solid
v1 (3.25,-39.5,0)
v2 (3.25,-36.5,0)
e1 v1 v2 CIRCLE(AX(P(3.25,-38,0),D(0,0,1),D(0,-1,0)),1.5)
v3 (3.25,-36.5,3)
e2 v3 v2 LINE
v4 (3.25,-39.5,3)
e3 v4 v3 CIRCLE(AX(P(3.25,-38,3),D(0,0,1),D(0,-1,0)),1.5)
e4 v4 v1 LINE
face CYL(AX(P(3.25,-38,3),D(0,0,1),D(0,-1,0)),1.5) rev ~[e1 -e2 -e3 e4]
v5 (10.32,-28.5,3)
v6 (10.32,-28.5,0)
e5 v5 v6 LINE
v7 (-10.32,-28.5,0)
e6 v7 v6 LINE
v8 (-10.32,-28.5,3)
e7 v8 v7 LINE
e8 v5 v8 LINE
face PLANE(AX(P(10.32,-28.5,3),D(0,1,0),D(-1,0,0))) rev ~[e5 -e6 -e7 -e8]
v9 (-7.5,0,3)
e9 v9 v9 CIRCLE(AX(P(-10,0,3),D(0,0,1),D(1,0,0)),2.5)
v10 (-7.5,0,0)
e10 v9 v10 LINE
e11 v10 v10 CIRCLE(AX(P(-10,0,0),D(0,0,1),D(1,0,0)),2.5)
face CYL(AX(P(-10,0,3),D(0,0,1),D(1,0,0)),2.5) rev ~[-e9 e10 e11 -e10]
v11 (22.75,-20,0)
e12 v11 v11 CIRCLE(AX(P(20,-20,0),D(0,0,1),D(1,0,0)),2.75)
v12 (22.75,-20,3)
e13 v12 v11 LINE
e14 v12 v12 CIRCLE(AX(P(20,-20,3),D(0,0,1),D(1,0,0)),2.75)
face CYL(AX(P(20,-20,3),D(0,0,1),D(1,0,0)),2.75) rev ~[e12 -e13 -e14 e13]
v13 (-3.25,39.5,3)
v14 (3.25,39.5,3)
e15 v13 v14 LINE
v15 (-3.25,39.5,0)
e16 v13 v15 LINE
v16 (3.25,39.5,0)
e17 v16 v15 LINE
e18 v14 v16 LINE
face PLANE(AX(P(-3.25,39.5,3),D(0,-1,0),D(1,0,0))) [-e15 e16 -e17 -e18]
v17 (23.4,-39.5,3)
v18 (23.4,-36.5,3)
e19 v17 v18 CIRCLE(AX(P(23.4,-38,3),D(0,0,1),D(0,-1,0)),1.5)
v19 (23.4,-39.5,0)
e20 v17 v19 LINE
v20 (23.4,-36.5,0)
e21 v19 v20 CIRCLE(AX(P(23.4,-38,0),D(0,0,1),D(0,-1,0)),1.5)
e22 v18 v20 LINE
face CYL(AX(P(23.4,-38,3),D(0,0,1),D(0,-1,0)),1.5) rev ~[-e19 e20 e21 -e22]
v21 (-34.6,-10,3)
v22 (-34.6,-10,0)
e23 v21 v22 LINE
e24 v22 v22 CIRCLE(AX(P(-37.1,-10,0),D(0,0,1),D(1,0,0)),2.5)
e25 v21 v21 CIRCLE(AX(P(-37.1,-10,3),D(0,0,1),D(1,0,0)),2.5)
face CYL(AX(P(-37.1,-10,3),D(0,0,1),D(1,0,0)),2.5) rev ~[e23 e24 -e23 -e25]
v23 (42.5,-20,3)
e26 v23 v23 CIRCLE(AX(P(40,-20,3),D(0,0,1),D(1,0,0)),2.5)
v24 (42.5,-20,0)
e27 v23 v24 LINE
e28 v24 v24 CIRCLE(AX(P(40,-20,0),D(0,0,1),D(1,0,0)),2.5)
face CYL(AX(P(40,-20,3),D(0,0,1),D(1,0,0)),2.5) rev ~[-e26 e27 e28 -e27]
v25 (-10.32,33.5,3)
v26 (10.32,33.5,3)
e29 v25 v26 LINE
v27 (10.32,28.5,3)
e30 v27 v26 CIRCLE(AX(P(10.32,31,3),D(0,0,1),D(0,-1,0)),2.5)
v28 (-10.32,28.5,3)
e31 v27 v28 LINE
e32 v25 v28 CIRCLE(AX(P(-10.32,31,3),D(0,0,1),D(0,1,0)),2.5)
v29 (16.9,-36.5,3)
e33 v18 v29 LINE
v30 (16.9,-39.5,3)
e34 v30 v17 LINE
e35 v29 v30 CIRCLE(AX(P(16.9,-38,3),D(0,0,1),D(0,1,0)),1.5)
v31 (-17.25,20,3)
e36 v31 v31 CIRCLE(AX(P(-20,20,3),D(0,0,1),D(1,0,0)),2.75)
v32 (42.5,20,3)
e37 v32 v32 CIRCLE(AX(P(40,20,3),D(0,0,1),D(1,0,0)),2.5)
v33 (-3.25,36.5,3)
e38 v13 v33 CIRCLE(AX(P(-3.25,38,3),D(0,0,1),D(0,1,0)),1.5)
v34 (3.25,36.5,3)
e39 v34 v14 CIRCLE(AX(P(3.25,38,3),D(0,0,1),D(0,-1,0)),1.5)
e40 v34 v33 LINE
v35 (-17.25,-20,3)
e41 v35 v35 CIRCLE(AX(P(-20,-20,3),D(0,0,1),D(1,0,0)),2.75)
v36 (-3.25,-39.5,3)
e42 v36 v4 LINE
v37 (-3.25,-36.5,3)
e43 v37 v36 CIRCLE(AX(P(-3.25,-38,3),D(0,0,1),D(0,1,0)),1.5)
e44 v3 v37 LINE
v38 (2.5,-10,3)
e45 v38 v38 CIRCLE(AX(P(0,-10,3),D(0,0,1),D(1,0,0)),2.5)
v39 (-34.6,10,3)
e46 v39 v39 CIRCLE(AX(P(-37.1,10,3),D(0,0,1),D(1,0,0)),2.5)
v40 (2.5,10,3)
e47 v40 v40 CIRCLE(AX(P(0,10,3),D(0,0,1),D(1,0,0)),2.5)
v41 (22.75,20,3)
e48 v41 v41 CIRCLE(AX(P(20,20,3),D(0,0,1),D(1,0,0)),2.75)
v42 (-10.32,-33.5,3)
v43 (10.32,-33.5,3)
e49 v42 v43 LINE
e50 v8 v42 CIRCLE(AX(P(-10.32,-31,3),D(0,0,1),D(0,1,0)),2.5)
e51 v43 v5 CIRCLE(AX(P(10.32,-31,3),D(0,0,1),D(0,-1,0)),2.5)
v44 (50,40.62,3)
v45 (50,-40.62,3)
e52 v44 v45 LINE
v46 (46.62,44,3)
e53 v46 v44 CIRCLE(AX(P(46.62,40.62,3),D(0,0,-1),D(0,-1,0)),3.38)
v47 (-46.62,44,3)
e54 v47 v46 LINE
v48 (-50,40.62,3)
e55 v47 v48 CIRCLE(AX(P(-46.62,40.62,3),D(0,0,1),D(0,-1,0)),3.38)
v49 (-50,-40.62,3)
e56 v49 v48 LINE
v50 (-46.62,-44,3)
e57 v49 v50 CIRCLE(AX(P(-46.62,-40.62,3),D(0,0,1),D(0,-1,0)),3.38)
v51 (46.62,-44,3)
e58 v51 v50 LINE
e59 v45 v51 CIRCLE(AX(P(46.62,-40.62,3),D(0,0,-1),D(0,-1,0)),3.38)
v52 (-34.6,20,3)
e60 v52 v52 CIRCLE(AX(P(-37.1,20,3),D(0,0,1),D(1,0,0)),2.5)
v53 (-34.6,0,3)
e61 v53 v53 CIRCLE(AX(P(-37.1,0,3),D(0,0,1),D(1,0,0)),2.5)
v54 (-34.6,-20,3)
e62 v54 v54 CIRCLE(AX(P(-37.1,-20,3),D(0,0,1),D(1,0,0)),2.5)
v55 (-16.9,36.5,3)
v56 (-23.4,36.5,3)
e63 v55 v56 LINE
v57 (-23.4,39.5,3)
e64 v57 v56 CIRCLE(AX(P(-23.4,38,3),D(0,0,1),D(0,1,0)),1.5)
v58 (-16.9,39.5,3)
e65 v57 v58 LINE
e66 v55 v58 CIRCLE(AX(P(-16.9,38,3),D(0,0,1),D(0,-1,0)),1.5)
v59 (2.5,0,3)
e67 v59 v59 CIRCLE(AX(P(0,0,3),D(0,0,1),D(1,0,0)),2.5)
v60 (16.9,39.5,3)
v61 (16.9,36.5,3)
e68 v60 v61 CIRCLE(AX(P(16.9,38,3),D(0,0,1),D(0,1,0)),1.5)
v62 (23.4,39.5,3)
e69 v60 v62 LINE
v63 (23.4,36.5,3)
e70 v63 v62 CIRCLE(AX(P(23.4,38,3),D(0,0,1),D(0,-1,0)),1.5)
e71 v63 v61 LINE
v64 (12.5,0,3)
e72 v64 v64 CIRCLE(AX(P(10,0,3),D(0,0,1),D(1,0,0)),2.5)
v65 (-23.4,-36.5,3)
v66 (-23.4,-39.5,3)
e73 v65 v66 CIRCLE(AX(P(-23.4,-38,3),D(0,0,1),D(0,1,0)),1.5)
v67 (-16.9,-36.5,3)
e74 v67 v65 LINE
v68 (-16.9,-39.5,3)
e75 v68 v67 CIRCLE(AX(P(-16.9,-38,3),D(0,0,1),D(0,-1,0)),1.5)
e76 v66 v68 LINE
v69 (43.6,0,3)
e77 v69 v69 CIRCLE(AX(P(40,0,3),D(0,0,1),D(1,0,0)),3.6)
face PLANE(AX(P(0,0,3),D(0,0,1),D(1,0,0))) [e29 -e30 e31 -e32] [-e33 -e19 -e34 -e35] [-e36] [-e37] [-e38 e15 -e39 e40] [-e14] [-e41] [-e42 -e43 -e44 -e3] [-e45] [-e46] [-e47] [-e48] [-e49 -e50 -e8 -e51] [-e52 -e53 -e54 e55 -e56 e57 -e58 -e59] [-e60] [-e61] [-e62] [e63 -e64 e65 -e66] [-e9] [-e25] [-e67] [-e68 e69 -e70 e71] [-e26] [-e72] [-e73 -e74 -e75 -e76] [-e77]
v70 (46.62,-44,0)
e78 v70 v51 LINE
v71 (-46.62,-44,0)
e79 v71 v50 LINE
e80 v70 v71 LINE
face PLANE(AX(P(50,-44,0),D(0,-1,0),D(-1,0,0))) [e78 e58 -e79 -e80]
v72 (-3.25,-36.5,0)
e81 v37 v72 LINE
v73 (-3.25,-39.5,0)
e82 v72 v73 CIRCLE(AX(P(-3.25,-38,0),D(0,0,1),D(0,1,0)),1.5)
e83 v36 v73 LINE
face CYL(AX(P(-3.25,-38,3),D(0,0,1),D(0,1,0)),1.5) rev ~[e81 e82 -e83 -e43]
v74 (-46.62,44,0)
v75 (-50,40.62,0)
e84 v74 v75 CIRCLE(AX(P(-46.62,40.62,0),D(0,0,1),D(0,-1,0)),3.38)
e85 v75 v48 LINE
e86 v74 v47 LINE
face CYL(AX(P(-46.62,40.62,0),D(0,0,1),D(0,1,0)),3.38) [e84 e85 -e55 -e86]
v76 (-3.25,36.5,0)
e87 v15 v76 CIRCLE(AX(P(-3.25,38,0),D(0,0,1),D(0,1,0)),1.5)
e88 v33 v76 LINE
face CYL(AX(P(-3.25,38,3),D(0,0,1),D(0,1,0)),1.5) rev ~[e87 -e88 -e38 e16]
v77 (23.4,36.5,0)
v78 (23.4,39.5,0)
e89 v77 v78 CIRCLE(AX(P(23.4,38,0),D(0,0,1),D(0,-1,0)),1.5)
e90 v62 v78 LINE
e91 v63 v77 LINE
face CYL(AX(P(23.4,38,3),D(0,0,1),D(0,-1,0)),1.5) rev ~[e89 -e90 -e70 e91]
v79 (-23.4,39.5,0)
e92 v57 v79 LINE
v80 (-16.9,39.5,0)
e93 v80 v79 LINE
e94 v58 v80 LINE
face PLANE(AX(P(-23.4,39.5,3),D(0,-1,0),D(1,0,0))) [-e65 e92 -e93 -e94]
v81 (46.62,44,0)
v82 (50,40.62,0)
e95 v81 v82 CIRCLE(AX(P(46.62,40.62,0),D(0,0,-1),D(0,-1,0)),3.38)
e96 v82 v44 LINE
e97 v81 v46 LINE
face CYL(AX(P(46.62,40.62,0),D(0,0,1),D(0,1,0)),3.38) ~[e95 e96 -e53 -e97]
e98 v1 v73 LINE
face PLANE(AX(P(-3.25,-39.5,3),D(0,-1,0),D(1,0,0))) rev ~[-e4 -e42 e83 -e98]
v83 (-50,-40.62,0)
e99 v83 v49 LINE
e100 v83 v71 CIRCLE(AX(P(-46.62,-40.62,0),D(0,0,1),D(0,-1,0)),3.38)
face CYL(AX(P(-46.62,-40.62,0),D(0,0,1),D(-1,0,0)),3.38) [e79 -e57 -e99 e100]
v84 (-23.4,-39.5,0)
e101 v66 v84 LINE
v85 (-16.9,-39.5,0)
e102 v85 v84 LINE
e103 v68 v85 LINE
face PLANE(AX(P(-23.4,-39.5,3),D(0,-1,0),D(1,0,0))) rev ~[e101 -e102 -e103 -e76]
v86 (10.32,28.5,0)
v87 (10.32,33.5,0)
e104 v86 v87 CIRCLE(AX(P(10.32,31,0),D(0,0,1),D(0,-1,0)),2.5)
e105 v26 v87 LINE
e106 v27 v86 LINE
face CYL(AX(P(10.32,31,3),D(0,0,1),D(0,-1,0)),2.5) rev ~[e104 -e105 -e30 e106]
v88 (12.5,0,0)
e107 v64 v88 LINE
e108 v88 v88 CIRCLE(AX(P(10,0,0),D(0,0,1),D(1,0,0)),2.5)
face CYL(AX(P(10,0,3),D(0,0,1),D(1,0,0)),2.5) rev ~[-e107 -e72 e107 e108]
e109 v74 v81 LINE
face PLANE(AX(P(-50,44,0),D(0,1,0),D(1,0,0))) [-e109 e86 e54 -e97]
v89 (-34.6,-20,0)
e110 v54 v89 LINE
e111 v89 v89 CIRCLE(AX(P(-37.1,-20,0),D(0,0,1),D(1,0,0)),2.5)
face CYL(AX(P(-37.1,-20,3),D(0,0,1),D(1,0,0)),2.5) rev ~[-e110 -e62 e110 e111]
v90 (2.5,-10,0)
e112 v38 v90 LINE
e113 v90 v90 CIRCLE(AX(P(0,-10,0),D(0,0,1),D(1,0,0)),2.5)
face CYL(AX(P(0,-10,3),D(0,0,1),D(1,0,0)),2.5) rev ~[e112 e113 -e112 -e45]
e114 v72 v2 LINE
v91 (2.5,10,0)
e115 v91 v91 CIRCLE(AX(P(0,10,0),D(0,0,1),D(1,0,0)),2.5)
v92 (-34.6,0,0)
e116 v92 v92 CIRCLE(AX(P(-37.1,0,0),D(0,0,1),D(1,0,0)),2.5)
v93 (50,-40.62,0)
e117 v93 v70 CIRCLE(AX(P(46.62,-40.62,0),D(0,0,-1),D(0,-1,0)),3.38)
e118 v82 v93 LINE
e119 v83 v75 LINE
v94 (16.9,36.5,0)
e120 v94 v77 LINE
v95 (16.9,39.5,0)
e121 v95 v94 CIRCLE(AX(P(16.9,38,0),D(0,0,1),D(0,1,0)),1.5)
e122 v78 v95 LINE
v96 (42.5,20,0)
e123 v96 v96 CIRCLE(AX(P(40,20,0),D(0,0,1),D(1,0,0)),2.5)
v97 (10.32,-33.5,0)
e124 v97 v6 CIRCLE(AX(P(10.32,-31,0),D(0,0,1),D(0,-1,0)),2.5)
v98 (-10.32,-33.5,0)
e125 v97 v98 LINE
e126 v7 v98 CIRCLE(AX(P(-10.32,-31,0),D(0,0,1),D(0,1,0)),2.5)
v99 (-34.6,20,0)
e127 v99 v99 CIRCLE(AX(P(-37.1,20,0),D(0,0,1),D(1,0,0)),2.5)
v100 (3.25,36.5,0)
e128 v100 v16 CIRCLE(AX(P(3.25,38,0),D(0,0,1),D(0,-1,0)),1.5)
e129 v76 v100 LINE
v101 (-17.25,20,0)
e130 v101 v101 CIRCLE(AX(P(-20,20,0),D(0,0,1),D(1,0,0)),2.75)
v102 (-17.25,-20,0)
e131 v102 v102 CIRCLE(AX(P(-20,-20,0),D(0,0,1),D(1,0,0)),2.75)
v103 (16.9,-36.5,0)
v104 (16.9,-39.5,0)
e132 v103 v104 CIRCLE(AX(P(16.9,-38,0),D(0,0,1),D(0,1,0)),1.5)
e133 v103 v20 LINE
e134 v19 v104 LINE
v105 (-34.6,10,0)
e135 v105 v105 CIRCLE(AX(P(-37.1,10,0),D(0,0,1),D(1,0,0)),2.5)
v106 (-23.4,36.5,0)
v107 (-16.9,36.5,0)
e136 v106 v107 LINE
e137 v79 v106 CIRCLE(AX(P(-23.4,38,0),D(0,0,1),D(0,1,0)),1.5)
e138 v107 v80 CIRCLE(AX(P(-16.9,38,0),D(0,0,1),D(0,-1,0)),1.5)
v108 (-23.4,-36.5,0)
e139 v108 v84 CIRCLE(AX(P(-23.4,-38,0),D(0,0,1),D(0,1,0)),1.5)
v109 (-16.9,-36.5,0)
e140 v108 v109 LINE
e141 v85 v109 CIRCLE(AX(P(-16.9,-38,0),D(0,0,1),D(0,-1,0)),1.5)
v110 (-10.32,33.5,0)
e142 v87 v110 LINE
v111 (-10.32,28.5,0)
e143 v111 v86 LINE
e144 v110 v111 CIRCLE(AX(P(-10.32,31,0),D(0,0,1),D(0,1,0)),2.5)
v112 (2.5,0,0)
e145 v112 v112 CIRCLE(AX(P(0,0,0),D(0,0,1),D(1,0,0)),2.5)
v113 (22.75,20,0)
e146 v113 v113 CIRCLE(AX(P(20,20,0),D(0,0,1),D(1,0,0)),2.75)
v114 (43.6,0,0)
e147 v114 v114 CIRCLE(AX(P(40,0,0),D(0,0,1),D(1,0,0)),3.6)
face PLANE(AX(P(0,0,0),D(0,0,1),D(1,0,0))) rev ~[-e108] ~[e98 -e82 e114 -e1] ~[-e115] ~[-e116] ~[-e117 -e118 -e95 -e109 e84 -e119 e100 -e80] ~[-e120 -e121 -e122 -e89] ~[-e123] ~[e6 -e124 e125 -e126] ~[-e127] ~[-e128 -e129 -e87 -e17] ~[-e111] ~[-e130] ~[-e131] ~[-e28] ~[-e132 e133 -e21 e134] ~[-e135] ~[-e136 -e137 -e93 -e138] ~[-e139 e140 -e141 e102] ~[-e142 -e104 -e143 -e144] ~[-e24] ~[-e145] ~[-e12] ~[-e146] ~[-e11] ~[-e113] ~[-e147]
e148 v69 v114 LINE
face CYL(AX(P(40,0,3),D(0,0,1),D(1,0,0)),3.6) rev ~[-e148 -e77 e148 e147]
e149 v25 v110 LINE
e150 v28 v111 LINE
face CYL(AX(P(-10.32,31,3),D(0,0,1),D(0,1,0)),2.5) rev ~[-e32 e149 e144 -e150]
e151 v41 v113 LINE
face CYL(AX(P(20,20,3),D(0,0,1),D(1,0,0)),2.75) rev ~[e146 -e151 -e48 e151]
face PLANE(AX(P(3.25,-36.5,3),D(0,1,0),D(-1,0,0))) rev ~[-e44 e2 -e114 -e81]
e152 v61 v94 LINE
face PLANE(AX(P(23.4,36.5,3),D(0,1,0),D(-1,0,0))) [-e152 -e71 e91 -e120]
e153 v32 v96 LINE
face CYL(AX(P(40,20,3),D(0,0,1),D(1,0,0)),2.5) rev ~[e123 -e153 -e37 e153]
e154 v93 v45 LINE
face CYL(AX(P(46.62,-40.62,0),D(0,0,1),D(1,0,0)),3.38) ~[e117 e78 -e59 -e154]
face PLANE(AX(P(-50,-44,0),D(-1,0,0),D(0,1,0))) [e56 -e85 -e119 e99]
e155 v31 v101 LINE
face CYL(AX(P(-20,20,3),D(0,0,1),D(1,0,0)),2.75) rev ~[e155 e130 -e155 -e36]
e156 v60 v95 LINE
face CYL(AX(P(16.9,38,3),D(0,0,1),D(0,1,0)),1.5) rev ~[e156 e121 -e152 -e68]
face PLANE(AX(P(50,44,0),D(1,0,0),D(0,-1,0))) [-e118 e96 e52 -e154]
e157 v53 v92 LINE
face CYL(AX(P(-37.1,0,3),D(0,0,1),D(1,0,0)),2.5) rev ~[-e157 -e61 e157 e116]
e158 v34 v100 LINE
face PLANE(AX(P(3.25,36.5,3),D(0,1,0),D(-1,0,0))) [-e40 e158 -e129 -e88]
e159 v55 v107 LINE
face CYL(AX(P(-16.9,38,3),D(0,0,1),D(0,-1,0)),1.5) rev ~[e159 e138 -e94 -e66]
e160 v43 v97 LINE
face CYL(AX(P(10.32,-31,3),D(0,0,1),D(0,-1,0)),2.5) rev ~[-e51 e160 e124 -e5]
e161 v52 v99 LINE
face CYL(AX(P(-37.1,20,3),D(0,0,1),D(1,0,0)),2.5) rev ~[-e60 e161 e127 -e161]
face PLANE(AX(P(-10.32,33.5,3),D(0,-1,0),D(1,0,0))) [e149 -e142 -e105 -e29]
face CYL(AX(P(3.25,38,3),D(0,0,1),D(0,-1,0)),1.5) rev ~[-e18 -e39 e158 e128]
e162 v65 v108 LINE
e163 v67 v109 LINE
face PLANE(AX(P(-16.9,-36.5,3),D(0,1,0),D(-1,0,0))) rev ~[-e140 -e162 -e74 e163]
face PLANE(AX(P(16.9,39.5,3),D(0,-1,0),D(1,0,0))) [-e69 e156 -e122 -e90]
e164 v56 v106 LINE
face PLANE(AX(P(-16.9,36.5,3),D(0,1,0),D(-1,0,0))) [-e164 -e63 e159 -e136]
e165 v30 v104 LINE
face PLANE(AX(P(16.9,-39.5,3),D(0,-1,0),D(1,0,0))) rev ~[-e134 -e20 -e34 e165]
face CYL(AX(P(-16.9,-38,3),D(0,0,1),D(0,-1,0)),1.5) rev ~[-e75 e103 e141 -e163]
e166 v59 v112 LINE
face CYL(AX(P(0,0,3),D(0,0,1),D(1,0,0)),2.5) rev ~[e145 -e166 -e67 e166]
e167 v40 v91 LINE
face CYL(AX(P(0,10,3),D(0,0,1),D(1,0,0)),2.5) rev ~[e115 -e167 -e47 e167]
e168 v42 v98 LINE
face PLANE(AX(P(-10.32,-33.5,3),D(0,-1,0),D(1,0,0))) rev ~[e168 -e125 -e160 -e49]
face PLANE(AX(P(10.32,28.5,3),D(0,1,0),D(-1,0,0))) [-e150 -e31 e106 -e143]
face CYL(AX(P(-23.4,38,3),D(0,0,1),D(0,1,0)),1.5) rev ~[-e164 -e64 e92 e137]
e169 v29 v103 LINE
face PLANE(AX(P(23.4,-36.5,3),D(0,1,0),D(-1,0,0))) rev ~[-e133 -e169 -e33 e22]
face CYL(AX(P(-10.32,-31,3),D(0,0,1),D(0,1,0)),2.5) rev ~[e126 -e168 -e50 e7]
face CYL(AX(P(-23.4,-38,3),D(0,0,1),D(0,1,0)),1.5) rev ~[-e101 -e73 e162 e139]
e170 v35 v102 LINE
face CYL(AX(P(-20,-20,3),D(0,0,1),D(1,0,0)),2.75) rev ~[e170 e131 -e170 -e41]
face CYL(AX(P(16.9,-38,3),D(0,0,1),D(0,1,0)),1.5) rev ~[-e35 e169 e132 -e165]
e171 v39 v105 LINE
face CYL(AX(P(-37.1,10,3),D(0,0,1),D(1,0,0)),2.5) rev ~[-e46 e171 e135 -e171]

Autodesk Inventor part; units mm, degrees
ref_plane "YZ Plane" through (0, 0, 0) normal (1, 0, 0) x (0, 1, 0)
ref_plane "XZ Plane" through (0, 0, 0) normal (0, 1, 0) x (-1, 0, 0)
ref_plane "XY Plane" through (0, 0, 0) normal (0, 0, 1) x (1, 0, 0)
sketch "Sketch1" plane through (0, 0, 0) normal (0, 0, 1) x (1, 0, 0)
  line L0 (-50, 44) -> (50, 44)
  line L1 (50, 44) -> (50, -44)
  line L2 (50, -44) -> (-50, -44)
  line L3 (-50, -44) -> (-50, 44)
  line L4 (0, 44) -> (0, -44) construction
  line L5 (-50, 0) -> (50, 0) construction
  point P0 (0, 0)
  dimension "d0" = 100
  dimension "d1" = 88
extrude "Extrusion1" add sketch "Sketch1" along normal blind 3
sketch "Sketch2" plane through (0, 0, 3) normal (0, 0, 1) x (1, 0, 0)
  line L0 (-50, 44) -> (-50, -44) projected
  line L1 (50, -44) -> (50, 44) projected
  circle A0 centre (0, 0) radius 2.5
  circle A1 centre (0, 10) radius 2.5
  line L2 (0, 0) -> (0, 20.5611) construction
  circle A2 centre (-10, 0) radius 2.5
  circle A3 centre (0, -10) radius 2.5
  circle A4 centre (10, 0) radius 2.5
  circle A5 centre (-37.1, 0) radius 2.5
  circle A6 centre (-37.1, -10) radius 2.5
  circle A7 centre (-37.1, -20) radius 2.5
  circle A8 centre (-37.1, 10) radius 2.5
  circle A9 centre (-37.1, 0) radius 2.5
  circle A10 centre (-37.1, -10) radius 2.5
  circle A11 centre (-37.1, 20) radius 2.5
  circle A12 centre (-37.1, 10) radius 2.5
  circle A13 centre (-37.1, 0) radius 2.5
  line L3 (0, 0) -> (-50, 0) construction
  circle A14 centre (40, 0) radius 3.6 construction
  circle A15 centre (40, 20) radius 3.6 construction
  circle A16 centre (40, -20) radius 3.6 construction
  circle A17 centre (40, 0) radius 3.6 construction
  circle A18 centre (40, 0) radius 3.6
  line L4 (40, 0) -> (40, 20) construction
  line L5 (40, 0) -> (40, -20) construction
  circle A19 centre (40, 20) radius 2.5
  circle A20 centre (40, -20) radius 2.5
  dimension "d40" = 6.5
  dimension "d4" = 5
  dimension "d5" = 5
  dimension "d6" = 10
  dimension "d9" = 360
  dimension "d11" = 5
  dimension "d12" = 12.9
  dimension "d15" = 10
  dimension "d18" = 10
  dimension "d28" = 20
  dimension "d31" = 20
  dimension "d64" = 7.2
  dimension "d65" = 5
  dimension "d66" = 5
extrude "Extrusion2" cut sketch "Sketch2" against normal up to next
sketch "Sketch3" plane through (0, 0, 3) normal (0, 0, 1) x (1, 0, 0)
  circle A0 centre (0, 0) radius 2.5 projected
  line L0 (50, 44) -> (-50, 44) projected
  line L1 (-50, -44) -> (50, -44) projected
  line L2 (0, 0) -> (0, -39.6664) construction
  line L3 (0, 0) -> (-44.4767, 0) construction
  line L4 (-3.25, -38) -> (3.25, -38) construction
  line L5 (-3.25, -39.5) -> (3.25, -39.5)
  line L6 (3.25, -36.5) -> (-3.25, -36.5)
  arc A1 (-3.25, -36.5) -> (-3.25, -39.5) centre (-3.25, -38) ccw
  arc A2 (3.25, -39.5) -> (3.25, -36.5) centre (3.25, -38) ccw
  line L7 (16.9, -38) -> (23.4, -38) construction
  line L8 (16.9, -39.5) -> (23.4, -39.5)
  line L9 (23.4, -36.5) -> (16.9, -36.5)
  arc A3 (16.9, -36.5) -> (16.9, -39.5) centre (16.9, -38) ccw
  arc A4 (23.4, -39.5) -> (23.4, -36.5) centre (23.4, -38) ccw
  line L10 (-23.4, -38) -> (-16.9, -38) construction
  line L11 (-23.4, -39.5) -> (-16.9, -39.5)
  line L12 (-16.9, -36.5) -> (-23.4, -36.5)
  arc A5 (-23.4, -36.5) -> (-23.4, -39.5) centre (-23.4, -38) ccw
  arc A6 (-16.9, -39.5) -> (-16.9, -36.5) centre (-16.9, -38) ccw
  line L13 (-3.25, -38) -> (3.25, -38) construction
  line L14 (-3.25, -39.5) -> (3.25, -39.5)
  line L15 (3.25, -36.5) -> (-3.25, -36.5)
  arc A7 (-3.25, -36.5) -> (-3.25, -39.5) centre (-3.25, -38) ccw
  arc A8 (3.25, -39.5) -> (3.25, -36.5) centre (3.25, -38) ccw
  line L16 (-3.25, 38) -> (3.25, 38) construction
  line L17 (-3.25, 39.5) -> (3.25, 39.5)
  line L18 (3.25, 36.5) -> (-3.25, 36.5)
  arc A9 (-3.25, 39.5) -> (-3.25, 36.5) centre (-3.25, 38) ccw
  arc A10 (3.25, 36.5) -> (3.25, 39.5) centre (3.25, 38) ccw
  arc A11 (16.9, 39.5) -> (16.9, 36.5) centre (16.9, 38) ccw
  line L19 (23.4, 36.5) -> (16.9, 36.5)
  line L20 (16.9, 38) -> (23.4, 38) construction
  line L21 (16.9, 39.5) -> (23.4, 39.5)
  arc A12 (23.4, 36.5) -> (23.4, 39.5) centre (23.4, 38) ccw
  arc A13 (-23.4, 39.5) -> (-23.4, 36.5) centre (-23.4, 38) ccw
  line L22 (-16.9, 36.5) -> (-23.4, 36.5)
  line L23 (-23.4, 38) -> (-16.9, 38) construction
  line L24 (-23.4, 39.5) -> (-16.9, 39.5)
  arc A14 (-16.9, 36.5) -> (-16.9, 39.5) centre (-16.9, 38) ccw
  arc A15 (-3.25, 39.5) -> (-3.25, 36.5) centre (-3.25, 38) ccw
  line L25 (3.25, 36.5) -> (-3.25, 36.5)
  line L26 (-3.25, 38) -> (3.25, 38) construction
  line L27 (-3.25, 39.5) -> (3.25, 39.5)
  arc A16 (3.25, 36.5) -> (3.25, 39.5) centre (3.25, 38) ccw
  line L28 (50, -44) -> (-50, -44) projected
  line L29 (0, -44) -> (0, -31) construction
  line L30 (-10.32, -31) -> (10.32, -31) construction
  line L31 (-10.32, -33.5) -> (10.32, -33.5)
  line L32 (10.32, -28.5) -> (-10.32, -28.5)
  arc A17 (-10.32, -28.5) -> (-10.32, -33.5) centre (-10.32, -31) ccw
  arc A18 (10.32, -33.5) -> (10.32, -28.5) centre (10.32, -31) ccw
  line L33 (-10.32, 33.5) -> (10.32, 33.5)
  line L34 (10.32, 28.5) -> (-10.32, 28.5)
  arc A19 (-10.32, 33.5) -> (-10.32, 28.5) centre (-10.32, 31) ccw
  line L35 (0, 44) -> (0, 31) construction
  line L36 (-10.32, 31) -> (10.32, 31) construction
  line L37 (-10.32, 33.5) -> (10.32, 33.5)
  line L38 (10.32, 28.5) -> (-10.32, 28.5)
  arc A20 (-10.32, 33.5) -> (-10.32, 28.5) centre (-10.32, 31) ccw
  arc A21 (10.32, 28.5) -> (10.32, 33.5) centre (10.32, 31) ccw
  point P0 (0, -38)
  point P1 (20.15, -38)
  point P2 (-20.15, -38)
  point P3 (0, -38)
  point P4 (0, 38)
  point P5 (20.15, 38)
  point P6 (-20.15, 38)
  point P7 (0, 38)
  dimension "d38" = 3
  dimension "d40" = 6.5
  dimension "d43" = 20.15
  dimension "d46" = 20.15
  dimension "d59" = 6
  dimension "d61" = 13
  dimension "d62" = 10.32
  dimension "d63" = 5
extrude "Extrusion3" cut sketch "Sketch3" against normal up to next contours A1 L6 A2 L5 | A3 L9 A4 L8 | A5 L12 A6 L11 | L17 A10 L18 A9 | L21 A12 L19 A11 | L24 A14 L22 A13 | A17 L32 A18 L31 | L33 A21 L34 A19
fillet "Fillet1" radius 3.38 4 edges at (50, -44, 1.5) (50, 44, 1.5) (-50, -44, 1.5) (-50, 44, 1.5)
sketch "Sketch5" plane through (0, 0, 3) normal (0, 0, 1) x (1, 0, 0)
  line L0 (-20, 20) -> (20, 20) construction
  line L1 (20, 20) -> (20, -20) construction
  line L2 (20, -20) -> (-20, -20) construction
  line L3 (-20, -20) -> (-20, 20) construction
  circle A0 centre (0, 0) radius 2.5 projected
  line L4 (-20, 20) -> (20, -20) construction
  line L5 (20, 20) -> (-20, -20) construction
  circle A1 centre (-20, 20) radius 2.75
  circle A2 centre (20, 20) radius 2.75
  circle A3 centre (-20, -20) radius 2.75
  circle A4 centre (20, -20) radius 2.75
  dimension "d67" = 40
  dimension "d68" = 40
  dimension "d69" = 5.5
  dimension "d70" = 5.5
  dimension "d71" = 5.5
  dimension "d72" = 5.5
extrude "Extrusion5" cut sketch "Sketch5" against normal through all contours A1 | A2 | A3 | A4
properties part number "20mm gantry plate" material "Aluminum 6061"
